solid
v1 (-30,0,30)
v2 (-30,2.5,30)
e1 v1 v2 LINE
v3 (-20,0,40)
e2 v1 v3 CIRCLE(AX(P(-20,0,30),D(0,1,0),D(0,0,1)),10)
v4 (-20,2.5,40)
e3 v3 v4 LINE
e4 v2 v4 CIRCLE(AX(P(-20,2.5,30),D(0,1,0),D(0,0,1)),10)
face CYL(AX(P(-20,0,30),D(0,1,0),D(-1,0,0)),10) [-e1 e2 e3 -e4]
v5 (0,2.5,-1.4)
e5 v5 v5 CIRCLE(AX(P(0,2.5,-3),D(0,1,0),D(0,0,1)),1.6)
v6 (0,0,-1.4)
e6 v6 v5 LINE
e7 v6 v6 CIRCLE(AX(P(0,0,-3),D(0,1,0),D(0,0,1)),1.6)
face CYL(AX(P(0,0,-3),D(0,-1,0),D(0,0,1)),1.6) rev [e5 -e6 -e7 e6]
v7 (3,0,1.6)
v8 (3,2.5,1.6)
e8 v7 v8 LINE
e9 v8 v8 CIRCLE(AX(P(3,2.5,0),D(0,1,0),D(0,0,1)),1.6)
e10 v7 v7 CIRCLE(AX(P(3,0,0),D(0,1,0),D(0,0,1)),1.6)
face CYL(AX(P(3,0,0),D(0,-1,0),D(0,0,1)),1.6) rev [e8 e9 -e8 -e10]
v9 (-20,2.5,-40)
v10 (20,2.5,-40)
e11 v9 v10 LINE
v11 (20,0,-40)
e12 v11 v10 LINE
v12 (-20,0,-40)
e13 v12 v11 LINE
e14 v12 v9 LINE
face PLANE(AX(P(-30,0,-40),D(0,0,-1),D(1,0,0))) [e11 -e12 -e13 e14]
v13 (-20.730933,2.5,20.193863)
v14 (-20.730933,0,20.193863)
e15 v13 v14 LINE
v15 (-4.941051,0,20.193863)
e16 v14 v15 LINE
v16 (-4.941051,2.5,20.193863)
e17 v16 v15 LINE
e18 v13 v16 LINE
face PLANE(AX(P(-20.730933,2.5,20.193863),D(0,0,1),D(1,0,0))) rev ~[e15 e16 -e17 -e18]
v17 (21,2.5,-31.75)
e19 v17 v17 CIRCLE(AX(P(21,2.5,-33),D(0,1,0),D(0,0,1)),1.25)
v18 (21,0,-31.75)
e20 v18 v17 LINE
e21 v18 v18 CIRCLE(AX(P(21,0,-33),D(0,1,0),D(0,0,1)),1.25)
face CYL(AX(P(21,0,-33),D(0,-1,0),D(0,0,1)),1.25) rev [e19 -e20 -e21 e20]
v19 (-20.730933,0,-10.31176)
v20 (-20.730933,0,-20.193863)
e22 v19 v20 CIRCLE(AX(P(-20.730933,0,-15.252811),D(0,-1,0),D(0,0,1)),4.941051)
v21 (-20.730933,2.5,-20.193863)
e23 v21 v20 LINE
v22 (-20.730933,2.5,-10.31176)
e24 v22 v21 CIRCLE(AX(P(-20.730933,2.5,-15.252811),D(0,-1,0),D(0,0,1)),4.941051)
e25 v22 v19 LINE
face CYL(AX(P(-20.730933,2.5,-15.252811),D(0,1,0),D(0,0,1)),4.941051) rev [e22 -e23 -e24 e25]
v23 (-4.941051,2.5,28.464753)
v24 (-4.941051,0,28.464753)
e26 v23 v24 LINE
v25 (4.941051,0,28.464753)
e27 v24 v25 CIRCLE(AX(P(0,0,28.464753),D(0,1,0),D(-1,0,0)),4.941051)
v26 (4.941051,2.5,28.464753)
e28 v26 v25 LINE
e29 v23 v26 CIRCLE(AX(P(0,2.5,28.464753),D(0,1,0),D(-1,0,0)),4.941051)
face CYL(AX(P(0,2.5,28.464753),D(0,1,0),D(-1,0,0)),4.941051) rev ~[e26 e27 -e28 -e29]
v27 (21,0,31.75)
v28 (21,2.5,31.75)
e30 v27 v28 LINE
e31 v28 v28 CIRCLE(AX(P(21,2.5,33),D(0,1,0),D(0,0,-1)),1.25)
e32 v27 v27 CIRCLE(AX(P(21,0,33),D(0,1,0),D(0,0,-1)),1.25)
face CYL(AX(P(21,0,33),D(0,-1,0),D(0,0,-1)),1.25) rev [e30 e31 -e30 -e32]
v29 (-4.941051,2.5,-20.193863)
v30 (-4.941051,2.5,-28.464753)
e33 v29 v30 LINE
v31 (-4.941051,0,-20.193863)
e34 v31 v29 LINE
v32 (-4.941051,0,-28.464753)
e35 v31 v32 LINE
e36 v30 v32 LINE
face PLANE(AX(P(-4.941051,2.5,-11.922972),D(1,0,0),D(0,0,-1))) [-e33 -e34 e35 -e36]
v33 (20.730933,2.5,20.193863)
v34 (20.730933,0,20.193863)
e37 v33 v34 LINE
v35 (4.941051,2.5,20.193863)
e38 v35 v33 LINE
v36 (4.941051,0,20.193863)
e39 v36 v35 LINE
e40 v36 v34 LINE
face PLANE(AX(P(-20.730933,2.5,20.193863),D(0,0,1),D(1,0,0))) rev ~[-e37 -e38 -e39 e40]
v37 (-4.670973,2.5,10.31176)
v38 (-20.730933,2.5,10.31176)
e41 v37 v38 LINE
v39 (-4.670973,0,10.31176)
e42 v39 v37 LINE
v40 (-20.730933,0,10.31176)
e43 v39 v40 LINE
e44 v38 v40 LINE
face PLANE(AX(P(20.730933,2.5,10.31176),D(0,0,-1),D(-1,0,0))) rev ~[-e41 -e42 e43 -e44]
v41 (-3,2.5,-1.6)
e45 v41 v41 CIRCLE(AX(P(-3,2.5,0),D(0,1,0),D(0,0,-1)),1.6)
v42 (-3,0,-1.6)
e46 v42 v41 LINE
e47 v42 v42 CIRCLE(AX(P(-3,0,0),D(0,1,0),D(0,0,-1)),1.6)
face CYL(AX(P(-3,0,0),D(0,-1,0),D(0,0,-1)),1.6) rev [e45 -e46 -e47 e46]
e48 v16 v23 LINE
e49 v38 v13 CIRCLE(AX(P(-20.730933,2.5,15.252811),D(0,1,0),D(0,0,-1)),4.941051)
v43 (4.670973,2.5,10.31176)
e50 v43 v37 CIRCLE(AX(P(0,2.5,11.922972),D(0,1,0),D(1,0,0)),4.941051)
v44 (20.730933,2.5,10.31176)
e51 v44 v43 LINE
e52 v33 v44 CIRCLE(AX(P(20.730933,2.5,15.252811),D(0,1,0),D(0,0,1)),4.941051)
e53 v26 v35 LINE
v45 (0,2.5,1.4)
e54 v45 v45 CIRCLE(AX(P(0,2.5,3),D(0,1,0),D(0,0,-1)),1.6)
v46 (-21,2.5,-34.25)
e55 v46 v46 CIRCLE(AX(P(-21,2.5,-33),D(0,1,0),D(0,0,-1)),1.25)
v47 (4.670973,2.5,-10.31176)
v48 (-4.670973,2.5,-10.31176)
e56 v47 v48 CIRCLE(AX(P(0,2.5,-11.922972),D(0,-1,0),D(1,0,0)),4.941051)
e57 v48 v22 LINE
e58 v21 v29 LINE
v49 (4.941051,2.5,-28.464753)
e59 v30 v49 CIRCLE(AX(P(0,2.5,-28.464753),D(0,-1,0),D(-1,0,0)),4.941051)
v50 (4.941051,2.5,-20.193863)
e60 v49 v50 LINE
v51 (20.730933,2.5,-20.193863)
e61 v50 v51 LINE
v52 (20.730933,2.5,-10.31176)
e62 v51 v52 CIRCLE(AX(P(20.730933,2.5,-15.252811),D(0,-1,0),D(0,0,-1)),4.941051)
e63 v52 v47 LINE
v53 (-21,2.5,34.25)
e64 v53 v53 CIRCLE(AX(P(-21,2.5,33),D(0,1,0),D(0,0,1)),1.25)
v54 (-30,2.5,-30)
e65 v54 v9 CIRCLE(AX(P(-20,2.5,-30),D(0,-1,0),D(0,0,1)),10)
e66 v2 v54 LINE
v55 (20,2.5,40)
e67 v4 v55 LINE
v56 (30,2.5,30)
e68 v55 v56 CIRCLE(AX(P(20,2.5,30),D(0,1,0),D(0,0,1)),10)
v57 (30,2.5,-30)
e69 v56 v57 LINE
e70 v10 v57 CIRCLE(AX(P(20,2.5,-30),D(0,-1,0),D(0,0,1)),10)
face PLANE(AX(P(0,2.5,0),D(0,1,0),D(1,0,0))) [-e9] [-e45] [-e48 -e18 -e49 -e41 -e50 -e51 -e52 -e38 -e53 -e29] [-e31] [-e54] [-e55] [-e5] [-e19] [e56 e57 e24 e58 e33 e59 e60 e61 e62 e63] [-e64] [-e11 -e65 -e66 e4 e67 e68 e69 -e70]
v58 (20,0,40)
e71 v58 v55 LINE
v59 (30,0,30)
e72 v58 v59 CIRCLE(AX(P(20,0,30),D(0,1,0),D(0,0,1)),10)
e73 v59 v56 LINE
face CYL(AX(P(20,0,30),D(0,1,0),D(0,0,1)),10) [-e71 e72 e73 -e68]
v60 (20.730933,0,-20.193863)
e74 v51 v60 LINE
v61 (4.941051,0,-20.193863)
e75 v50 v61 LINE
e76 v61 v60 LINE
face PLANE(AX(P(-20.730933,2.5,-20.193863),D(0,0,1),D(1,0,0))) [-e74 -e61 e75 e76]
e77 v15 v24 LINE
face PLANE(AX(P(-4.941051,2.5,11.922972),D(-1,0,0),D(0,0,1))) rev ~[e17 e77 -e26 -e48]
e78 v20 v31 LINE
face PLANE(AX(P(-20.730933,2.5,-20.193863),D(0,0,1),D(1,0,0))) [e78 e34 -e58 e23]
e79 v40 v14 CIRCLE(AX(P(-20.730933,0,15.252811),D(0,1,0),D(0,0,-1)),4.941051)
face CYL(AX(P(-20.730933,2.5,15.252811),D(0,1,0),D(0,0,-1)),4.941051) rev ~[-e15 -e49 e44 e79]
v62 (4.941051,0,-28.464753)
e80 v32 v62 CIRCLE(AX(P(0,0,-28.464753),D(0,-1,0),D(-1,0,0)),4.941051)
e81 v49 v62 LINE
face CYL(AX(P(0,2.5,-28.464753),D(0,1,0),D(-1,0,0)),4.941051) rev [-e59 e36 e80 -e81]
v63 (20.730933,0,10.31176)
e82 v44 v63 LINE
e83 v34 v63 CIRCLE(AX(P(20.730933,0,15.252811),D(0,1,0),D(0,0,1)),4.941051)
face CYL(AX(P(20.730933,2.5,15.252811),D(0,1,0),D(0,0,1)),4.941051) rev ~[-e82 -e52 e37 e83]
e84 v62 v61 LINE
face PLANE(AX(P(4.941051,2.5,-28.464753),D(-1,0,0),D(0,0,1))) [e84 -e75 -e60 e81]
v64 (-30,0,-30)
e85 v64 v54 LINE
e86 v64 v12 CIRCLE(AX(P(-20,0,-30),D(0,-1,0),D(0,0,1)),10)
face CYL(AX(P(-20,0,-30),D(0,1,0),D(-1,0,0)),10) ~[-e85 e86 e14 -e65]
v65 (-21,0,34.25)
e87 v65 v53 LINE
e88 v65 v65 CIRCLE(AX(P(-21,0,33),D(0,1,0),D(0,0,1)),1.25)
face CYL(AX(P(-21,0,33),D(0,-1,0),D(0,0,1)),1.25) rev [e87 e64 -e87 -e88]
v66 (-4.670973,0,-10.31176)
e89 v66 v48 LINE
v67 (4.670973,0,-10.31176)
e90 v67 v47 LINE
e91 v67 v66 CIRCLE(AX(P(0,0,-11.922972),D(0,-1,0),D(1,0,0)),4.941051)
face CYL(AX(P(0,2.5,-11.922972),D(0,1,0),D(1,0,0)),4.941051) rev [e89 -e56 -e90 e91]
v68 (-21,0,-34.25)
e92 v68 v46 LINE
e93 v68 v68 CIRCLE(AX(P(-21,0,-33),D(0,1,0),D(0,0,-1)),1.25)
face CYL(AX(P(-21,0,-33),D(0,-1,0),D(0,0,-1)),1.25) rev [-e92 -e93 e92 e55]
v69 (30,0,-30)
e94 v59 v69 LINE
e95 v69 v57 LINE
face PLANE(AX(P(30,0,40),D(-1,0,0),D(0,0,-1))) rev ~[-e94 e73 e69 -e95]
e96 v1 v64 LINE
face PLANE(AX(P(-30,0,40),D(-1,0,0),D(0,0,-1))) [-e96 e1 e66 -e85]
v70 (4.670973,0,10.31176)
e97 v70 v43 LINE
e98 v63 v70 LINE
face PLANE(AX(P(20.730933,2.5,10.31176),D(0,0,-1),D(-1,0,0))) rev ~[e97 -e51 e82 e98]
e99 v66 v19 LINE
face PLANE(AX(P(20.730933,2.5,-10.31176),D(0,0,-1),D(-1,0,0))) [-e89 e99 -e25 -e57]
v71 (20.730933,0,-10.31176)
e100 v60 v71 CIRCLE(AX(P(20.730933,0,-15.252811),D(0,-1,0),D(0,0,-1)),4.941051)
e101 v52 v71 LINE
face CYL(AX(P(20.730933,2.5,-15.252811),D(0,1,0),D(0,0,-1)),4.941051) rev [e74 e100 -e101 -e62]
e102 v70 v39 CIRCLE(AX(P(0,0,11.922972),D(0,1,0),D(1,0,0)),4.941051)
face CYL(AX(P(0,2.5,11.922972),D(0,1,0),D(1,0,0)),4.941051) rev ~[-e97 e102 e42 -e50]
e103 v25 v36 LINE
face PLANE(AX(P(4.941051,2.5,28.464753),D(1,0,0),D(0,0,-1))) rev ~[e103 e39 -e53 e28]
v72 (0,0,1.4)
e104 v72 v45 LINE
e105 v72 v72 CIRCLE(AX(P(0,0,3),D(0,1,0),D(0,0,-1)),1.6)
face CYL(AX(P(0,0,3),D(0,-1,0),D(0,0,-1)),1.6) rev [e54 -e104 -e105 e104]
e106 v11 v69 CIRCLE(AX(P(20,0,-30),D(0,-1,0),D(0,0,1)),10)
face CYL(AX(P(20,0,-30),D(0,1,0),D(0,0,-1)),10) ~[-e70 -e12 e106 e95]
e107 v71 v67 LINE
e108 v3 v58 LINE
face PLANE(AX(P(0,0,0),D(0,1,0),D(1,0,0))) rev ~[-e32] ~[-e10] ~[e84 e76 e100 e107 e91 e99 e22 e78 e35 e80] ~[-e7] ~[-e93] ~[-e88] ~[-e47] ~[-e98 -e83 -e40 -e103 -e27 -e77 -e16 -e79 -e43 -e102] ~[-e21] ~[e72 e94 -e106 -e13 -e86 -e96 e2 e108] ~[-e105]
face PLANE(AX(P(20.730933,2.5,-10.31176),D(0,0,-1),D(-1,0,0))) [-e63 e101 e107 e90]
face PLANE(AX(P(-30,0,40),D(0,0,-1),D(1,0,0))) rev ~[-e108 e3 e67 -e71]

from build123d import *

# Parameters (mm, degrees)
SKETCH_1_W          = 60
SKETCH_1_H          = 80
SKETCH_1_R          = 1.25
SKETCH_1_R_2        = 1.6
EXTRUDE_1_DEPTH     = 2.5
FILLET_1_R          = 10
CUT_EXTRUDE_1_DEPTH = 2.5
CUT_EXTRUDE_2_DEPTH = 2.5


with BuildPart() as part:
    # 草图1 → 凸台-拉伸1 (new body)
    with BuildSketch(Plane(origin=(0, 0, 0), x_dir=(1, 0, 0), z_dir=(0, 1, 0))):
        Rectangle(SKETCH_1_W, SKETCH_1_H)
        with Locations(Location((21, 33, 0), (0, 0, 270))):
            Circle(SKETCH_1_R, mode=Mode.SUBTRACT)
        with Locations(Location((-21, 33, 0), (0, 0, 90))):
            Circle(SKETCH_1_R, mode=Mode.SUBTRACT)
        with Locations(Location((-21, -33, 0), (0, 0, 270))):
            Circle(SKETCH_1_R, mode=Mode.SUBTRACT)
        with Locations(Location((21, -33, 0), (0, 0, 90))):
            Circle(SKETCH_1_R, mode=Mode.SUBTRACT)
        with Locations(Location((0, 3, 0), (0, 0, 270))):
            Circle(SKETCH_1_R_2, mode=Mode.SUBTRACT)
        with Locations(Location((3, 0, 0), (0, 0, 270))):
            Circle(SKETCH_1_R_2, mode=Mode.SUBTRACT)
        with Locations(Location((0, -3, 0), (0, 0, 90))):
            Circle(SKETCH_1_R_2, mode=Mode.SUBTRACT)
        with Locations(Location((-3, 0, 0), (0, 0, 90))):
            Circle(SKETCH_1_R_2, mode=Mode.SUBTRACT)
    extrude(amount=EXTRUDE_1_DEPTH)

    # 圆角1
    fillet_1_edges = [part.edges().sort_by_distance(p)[0] for p in [
        (30, 1.25, 40),
        (-30, 1.25, 40),
        (-30, 1.25, -40),
        (30, 1.25, -40),
    ]]
    fillet(fillet_1_edges, radius=FILLET_1_R)

    # 草图2 → 切除-拉伸1 (cut)
    with BuildSketch(Plane(origin=(0, 2.5, 0), x_dir=(1, 0, 0), z_dir=(0, 1, 0))):
        with BuildLine():
            Line((-20.730933361, 20.193862548), (20.730933361, 20.193862548))
            ThreePointArc((20.730933361, 20.193862548), (25.671984835, 15.252811074), (20.730933361, 10.311759599))
            Line((20.730933361, 10.311759599), (-20.730933361, 10.311759599))
            ThreePointArc((-20.730933361, 10.311759599), (-25.671984835, 15.252811074), (-20.730933361, 20.193862548))
        make_face()
        with BuildLine():
            Line((-20.730933361, -20.193862548), (20.730933361, -20.193862548))
            ThreePointArc((20.730933361, -20.193862548), (25.671984835, -15.252811074), (20.730933361, -10.311759599))
            Line((20.730933361, -10.311759599), (-20.730933361, -10.311759599))
            ThreePointArc((-20.730933361, -10.311759599), (-25.671984835, -15.252811074), (-20.730933361, -20.193862548))
        make_face()
    extrude(amount=-CUT_EXTRUDE_1_DEPTH, mode=Mode.SUBTRACT)

    # 草图3 → 切除-拉伸2 (cut)
    with BuildSketch(Plane(origin=(0, 2.5, 0), x_dir=(1, 0, 0), z_dir=(0, 1, 0))):
        with BuildLine():
            Line((-4.941051475, 11.922972036), (-4.941051475, 28.46475306))
            ThreePointArc((-4.941051475, 28.46475306), (0, 33.405804535), (4.941051475, 28.46475306))
            Line((4.941051475, 28.46475306), (4.941051475, 11.922972036))
            ThreePointArc((4.941051475, 11.922972036), (0, 6.981920562), (-4.941051475, 11.922972036))
        make_face()
        with BuildLine():
            Line((-4.941051475, -11.922972036), (-4.941051475, -28.46475306))
            ThreePointArc((-4.941051475, -28.46475306), (0, -33.405804535), (4.941051475, -28.46475306))
            Line((4.941051475, -28.46475306), (4.941051475, -11.922972036))
            ThreePointArc((4.941051475, -11.922972036), (0, -6.981920562), (-4.941051475, -11.922972036))
        make_face()
    extrude(amount=-CUT_EXTRUDE_2_DEPTH, mode=Mode.SUBTRACT)


solid = part.part
